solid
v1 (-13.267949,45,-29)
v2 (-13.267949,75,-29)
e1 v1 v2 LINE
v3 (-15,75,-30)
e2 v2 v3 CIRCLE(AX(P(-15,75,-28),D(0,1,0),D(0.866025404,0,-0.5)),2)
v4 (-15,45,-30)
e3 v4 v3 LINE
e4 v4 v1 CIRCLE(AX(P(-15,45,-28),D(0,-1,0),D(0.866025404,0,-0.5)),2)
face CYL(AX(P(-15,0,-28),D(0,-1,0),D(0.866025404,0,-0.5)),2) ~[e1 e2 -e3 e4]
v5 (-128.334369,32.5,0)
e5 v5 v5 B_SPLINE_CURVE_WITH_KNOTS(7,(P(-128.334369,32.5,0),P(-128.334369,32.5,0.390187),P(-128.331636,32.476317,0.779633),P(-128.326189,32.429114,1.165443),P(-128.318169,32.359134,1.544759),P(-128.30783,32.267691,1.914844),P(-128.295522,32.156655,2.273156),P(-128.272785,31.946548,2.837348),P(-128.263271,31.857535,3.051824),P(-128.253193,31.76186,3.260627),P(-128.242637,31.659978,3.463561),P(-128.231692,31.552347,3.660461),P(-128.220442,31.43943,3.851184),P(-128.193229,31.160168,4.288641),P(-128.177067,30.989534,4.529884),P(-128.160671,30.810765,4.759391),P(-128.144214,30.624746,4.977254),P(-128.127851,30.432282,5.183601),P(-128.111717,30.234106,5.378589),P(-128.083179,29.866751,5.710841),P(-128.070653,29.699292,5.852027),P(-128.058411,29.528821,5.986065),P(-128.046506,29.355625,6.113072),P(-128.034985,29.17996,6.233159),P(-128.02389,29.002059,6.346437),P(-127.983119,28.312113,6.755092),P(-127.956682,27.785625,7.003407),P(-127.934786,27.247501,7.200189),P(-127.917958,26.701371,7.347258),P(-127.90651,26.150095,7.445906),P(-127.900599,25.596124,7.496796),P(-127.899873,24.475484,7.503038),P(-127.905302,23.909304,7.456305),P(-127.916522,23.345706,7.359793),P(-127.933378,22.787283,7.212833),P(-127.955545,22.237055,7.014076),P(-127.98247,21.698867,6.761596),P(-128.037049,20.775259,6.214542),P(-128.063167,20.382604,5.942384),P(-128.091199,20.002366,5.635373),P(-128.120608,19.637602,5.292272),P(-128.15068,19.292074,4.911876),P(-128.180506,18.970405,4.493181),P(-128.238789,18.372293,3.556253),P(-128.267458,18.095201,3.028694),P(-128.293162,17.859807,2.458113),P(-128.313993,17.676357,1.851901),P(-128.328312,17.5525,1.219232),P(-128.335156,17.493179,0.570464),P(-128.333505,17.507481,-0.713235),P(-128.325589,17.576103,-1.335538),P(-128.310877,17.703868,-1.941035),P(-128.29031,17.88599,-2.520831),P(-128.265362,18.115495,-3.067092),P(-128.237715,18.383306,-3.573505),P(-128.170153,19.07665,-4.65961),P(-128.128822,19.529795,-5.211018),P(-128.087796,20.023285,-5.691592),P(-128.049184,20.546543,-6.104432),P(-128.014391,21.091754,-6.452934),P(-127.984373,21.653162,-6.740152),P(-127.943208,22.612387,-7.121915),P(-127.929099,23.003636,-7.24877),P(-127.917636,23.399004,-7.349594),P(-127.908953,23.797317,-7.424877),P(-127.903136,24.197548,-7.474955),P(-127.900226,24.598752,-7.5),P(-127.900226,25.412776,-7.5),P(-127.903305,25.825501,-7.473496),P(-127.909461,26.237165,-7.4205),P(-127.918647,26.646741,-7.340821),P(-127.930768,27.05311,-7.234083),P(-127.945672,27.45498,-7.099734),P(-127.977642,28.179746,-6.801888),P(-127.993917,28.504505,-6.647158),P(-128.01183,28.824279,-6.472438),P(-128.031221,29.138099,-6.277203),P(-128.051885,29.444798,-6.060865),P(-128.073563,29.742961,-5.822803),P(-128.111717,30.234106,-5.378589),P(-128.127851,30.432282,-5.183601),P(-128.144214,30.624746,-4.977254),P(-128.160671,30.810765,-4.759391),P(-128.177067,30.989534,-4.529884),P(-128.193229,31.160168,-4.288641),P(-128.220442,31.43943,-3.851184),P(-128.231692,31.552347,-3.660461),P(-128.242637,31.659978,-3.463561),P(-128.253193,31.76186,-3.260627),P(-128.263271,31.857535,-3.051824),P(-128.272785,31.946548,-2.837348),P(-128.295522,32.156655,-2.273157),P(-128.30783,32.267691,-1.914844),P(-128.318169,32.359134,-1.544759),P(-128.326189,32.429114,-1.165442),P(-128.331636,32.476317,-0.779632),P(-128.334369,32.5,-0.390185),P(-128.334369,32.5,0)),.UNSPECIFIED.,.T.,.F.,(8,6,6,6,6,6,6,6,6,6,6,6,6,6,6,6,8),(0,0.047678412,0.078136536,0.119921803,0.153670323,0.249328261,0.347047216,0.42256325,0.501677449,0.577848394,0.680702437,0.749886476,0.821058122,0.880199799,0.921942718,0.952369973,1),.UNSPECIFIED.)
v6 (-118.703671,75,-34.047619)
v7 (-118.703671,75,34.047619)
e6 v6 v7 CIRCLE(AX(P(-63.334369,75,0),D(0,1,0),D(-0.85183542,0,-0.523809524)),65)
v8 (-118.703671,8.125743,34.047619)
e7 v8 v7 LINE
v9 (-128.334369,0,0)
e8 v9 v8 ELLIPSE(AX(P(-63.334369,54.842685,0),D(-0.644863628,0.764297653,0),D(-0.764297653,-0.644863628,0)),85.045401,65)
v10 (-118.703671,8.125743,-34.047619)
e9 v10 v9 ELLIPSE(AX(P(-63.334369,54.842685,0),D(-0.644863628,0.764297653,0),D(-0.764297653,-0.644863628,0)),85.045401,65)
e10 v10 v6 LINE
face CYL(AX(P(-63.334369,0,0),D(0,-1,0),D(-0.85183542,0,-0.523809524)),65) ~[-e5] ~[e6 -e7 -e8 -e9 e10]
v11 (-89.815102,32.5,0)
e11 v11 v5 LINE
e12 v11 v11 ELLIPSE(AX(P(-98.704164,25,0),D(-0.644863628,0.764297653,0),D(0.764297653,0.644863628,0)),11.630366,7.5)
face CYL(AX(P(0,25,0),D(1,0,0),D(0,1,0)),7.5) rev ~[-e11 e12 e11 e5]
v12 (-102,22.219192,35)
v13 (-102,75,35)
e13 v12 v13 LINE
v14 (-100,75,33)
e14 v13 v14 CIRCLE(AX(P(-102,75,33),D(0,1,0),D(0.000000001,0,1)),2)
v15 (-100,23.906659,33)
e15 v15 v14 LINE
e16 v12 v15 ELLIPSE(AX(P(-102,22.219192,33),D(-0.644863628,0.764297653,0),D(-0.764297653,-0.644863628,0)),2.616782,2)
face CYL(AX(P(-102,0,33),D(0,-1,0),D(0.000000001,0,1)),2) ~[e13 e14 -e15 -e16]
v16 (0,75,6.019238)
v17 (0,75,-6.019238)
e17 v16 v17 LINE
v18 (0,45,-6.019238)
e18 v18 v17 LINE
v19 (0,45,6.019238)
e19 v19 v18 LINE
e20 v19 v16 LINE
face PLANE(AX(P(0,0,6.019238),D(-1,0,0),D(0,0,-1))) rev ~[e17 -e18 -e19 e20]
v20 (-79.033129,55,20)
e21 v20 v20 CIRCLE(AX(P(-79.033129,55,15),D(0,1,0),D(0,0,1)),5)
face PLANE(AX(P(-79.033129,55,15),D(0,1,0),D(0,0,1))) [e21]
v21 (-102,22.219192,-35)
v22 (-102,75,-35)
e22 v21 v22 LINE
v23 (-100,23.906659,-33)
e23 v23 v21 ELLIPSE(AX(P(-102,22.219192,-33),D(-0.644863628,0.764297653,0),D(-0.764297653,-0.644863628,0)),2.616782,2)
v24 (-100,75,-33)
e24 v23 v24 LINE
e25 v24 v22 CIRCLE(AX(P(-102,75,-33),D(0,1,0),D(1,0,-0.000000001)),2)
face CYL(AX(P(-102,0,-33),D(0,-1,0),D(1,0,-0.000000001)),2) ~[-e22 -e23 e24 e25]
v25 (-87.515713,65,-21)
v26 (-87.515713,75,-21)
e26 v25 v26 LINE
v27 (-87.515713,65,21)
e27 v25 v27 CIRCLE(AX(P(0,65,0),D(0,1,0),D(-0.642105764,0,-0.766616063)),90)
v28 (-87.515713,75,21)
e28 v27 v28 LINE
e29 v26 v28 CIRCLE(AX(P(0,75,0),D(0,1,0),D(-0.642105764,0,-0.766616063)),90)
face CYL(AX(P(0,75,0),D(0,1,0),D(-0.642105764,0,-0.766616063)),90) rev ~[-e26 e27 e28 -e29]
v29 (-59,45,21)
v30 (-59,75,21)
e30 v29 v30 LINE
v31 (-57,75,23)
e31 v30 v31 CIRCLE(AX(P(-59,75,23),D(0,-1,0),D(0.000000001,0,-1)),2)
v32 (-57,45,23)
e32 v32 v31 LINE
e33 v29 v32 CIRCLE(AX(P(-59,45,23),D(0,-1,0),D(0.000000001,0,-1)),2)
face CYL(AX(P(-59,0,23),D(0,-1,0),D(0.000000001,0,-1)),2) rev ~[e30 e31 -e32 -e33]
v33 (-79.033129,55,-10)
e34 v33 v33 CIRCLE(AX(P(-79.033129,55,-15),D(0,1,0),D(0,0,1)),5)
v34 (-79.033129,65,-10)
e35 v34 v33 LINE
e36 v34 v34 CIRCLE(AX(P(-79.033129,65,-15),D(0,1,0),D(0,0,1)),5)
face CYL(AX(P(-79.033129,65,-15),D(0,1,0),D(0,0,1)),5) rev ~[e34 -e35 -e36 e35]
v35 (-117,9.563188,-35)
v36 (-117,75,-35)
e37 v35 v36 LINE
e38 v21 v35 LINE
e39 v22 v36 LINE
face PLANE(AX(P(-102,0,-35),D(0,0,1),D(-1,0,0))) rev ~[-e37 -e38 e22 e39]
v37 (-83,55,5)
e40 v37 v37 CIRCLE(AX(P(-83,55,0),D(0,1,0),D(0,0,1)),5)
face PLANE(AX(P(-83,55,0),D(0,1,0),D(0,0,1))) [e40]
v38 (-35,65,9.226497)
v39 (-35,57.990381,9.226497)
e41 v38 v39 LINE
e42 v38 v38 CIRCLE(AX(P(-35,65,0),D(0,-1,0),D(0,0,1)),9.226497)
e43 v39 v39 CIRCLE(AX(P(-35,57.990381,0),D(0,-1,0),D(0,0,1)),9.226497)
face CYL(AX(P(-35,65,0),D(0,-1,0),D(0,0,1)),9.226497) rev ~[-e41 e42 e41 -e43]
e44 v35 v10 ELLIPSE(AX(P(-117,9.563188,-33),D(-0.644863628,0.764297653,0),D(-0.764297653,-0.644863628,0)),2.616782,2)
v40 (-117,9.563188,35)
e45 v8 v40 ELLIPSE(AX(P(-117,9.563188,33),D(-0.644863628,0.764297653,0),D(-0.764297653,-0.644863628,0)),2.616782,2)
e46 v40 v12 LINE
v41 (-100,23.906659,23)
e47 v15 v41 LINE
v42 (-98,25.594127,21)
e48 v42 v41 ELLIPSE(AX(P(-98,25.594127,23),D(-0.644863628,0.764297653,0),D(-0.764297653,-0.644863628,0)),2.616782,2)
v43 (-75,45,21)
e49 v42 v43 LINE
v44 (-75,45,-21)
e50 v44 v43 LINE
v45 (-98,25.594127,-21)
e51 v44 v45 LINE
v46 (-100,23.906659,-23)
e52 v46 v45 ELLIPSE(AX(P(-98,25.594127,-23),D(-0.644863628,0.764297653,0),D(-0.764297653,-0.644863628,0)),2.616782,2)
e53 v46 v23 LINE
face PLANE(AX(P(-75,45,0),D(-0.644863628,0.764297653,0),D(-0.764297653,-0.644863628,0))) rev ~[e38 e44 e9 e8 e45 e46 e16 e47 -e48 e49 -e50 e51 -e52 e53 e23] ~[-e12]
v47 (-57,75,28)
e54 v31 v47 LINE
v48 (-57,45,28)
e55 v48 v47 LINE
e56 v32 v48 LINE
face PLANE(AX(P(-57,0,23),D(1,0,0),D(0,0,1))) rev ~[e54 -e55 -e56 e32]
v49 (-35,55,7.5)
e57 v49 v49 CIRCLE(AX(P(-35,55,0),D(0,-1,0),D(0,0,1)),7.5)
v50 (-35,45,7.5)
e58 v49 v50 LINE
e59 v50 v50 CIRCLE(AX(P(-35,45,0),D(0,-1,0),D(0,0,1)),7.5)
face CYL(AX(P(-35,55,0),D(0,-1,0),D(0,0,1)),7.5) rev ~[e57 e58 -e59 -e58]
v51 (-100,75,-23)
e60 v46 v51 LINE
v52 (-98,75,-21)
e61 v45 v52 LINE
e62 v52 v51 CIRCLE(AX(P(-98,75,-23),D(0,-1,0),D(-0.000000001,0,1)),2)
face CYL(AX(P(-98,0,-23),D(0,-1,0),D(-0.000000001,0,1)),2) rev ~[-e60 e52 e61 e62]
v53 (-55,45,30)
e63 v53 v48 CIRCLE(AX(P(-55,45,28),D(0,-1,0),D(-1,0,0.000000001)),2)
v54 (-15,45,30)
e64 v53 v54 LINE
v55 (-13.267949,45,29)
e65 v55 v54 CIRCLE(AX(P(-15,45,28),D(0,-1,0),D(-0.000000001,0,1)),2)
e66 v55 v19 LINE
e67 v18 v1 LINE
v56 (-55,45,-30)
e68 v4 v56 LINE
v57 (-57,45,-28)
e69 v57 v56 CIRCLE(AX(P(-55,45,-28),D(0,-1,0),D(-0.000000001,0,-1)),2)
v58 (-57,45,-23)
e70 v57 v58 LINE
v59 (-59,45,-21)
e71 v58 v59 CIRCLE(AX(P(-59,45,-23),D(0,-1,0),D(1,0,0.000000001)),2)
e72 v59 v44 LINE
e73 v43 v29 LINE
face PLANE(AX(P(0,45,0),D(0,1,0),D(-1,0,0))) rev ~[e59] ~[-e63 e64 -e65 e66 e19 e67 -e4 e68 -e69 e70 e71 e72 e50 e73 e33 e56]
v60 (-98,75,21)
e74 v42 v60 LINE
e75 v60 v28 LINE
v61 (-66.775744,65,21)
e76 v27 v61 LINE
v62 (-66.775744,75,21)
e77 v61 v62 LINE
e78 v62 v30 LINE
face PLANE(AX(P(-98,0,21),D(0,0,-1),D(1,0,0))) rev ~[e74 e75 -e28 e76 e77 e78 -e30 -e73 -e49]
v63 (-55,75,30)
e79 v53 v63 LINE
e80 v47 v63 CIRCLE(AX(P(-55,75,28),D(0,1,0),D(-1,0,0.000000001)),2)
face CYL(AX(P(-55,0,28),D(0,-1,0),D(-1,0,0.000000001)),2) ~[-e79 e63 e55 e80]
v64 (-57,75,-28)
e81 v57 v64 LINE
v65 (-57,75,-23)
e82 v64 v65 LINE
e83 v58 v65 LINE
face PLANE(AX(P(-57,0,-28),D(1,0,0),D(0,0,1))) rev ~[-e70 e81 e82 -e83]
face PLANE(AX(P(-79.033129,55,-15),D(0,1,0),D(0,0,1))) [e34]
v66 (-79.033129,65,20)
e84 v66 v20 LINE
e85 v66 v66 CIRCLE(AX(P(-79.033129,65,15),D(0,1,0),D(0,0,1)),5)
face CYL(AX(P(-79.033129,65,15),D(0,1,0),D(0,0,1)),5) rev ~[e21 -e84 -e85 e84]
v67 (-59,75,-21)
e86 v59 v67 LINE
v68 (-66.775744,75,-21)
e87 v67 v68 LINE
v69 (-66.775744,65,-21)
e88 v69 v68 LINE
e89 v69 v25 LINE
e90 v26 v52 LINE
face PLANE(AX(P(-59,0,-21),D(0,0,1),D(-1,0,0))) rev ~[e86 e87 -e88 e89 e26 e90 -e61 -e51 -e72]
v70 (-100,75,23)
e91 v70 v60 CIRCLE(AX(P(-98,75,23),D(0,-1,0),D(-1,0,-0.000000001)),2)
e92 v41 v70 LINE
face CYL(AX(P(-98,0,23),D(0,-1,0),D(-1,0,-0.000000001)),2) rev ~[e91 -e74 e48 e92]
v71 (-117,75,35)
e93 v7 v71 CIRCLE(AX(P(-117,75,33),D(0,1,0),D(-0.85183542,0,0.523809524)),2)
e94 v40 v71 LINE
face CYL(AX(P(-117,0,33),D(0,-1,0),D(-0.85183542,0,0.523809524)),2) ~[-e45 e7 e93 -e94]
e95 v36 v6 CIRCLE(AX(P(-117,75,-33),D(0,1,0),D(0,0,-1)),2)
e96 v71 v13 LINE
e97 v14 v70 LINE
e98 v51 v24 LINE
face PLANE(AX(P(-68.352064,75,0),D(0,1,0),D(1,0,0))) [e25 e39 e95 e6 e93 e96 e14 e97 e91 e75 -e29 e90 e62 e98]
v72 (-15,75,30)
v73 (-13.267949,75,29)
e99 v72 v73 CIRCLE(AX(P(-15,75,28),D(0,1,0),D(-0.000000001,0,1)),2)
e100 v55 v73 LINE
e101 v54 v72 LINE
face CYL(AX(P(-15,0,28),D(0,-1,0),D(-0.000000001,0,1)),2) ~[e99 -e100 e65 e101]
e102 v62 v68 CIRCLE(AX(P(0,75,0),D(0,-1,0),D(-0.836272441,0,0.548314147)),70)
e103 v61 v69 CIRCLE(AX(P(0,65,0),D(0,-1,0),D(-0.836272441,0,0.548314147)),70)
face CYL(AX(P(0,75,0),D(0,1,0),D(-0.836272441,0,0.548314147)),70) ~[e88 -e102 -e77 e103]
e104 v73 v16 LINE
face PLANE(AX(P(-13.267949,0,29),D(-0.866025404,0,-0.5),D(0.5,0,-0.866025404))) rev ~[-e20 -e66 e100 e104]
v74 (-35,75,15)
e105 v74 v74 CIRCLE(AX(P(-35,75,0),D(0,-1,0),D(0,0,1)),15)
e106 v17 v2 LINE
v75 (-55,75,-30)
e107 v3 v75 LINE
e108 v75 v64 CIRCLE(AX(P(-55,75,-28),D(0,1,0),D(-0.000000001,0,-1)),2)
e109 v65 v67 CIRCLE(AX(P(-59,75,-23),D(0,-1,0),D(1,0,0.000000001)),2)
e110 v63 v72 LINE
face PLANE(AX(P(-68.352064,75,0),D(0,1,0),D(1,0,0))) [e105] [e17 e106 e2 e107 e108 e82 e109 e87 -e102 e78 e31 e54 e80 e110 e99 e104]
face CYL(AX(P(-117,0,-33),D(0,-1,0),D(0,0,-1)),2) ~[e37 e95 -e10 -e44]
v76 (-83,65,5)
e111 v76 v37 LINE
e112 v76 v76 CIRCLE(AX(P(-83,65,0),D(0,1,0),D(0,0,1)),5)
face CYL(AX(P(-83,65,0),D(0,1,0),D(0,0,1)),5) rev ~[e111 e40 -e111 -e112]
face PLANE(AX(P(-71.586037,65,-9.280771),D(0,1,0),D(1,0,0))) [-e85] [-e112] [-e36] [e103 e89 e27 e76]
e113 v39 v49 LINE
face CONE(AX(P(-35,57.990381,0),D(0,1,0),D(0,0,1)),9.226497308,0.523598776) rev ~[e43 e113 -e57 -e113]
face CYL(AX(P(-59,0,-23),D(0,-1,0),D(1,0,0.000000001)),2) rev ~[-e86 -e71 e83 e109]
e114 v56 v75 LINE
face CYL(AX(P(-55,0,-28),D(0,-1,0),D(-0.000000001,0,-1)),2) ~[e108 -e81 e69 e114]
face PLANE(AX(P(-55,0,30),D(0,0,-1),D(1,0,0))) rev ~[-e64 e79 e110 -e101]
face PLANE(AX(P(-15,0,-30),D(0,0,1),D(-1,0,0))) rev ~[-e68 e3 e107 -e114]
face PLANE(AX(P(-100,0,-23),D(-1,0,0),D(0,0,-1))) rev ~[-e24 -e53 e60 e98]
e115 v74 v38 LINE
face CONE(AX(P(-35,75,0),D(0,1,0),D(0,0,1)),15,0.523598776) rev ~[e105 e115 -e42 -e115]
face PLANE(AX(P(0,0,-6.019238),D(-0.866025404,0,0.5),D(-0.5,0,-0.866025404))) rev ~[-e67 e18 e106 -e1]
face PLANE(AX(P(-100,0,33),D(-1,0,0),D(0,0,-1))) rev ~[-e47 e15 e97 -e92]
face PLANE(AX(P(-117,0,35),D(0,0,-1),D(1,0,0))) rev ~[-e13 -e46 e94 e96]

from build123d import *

# Parameters (mm, degrees)
BOSS_EXTRUDE2_DEPTH = 75
CUT_EXTRUDE1_DEPTH  = 50
CUT_EXTRUDE2_DEPTH  = 10
SKETCH7_R           = 5
CUT_EXTRUDE3_DEPTH  = 10
SKETCH8_R           = 7.5
CUT_EXTRUDE4_DEPTH  = 153.707924315


with BuildPart() as part:
    # Sketch3 → Boss-Extrude2 (new body)
    with BuildSketch(Plane(origin=(0, 0, 0), x_dir=(1, 0, 0), z_dir=(0, 1, 0))):
        with BuildLine():
            Line((0, -6.019237886), (0, 6.019237886))
            Line((0, 6.019237886), (-13.267949192, 29))
            ThreePointArc((-13.267949192, 29), (-14, 29.732050808), (-15, 30))
            Line((-15, 30), (-55, 30))
            ThreePointArc((-55, 30), (-56.414213562, 29.414213562), (-57, 28))
            Line((-57, 28), (-57, 23))
            ThreePointArc((-57, 23), (-57.585786438, 21.585786438), (-59, 21))
            Line((-59, 21), (-98, 21))
            ThreePointArc((-98, 21), (-99.414213562, 21.585786438), (-100, 23))
            Line((-100, 23), (-100, 33))
            ThreePointArc((-100, 33), (-100.585786438, 34.414213562), (-102, 35))
            Line((-102, 35), (-117, 35))
            ThreePointArc((-117, 35), (-117.975900073, 34.745743122), (-118.70367084, 34.047619048))
            ThreePointArc((-118.70367084, 34.047619048), (-128.33436854, 0), (-118.70367084, -34.047619048))
            ThreePointArc((-118.70367084, -34.047619048), (-117.975900073, -34.745743122), (-117, -35))
            Line((-117, -35), (-102, -35))
            ThreePointArc((-102, -35), (-100.585786438, -34.414213562), (-100, -33))
            Line((-100, -33), (-100, -23))
            ThreePointArc((-100, -23), (-99.414213562, -21.585786438), (-98, -21))
            Line((-98, -21), (-59, -21))
            ThreePointArc((-59, -21), (-57.585786438, -21.585786438), (-57, -23))
            Line((-57, -23), (-57, -28))
            ThreePointArc((-57, -28), (-56.414213562, -29.414213562), (-55, -30))
            Line((-55, -30), (-15, -30))
            ThreePointArc((-15, -30), (-14, -29.732050808), (-13.267949192, -29))
            Line((-13.267949192, -29), (0, -6.019237886))
        make_face()
    extrude(amount=BOSS_EXTRUDE2_DEPTH)

    # Sketch4 → Cut-Extrude1 (cut, symmetric)
    with BuildSketch(Plane.XY):
        Polygon((0, 45), (-75, 45), (-128.33436854, 0), (0, 0), align=None)
    extrude(amount=CUT_EXTRUDE1_DEPTH, both=True, mode=Mode.SUBTRACT)

    # Sketch5 → Cut-Revolve1 (revolve, cut)
    with BuildSketch(Plane.XY, mode=Mode.PRIVATE) as cut_revolve1_sk:
        Polygon((-35, 75), (-50, 75), (-44.226497308, 65), (-44.226497308, 57.990381057), (-42.5, 55), (-42.5, 45), (-35, 45), align=None)
    revolve(cut_revolve1_sk.sketch.rotate(Axis((-35, 75, 0), (0, -1, 0)), 270), axis=Axis((-35, 75, 0), (0, -1, 0)), mode=Mode.SUBTRACT)

    # Sketch6 → Cut-Extrude2 (cut)
    with BuildSketch(Plane(origin=(0, 75, 0), x_dir=(1, 0, 0), z_dir=(0, 1, 0))):
        with BuildLine():
            Line((-55.908593, 42.121600501), (-57.789518761, 68.995445657))
            ThreePointArc((-57.789518761, 68.995445657), (-88.91346012, 13.942618456), (-76.134860141, -47.994615024))
            Line((-76.134860141, -47.994615024), (-58.539070897, -38.381990289))
            ThreePointArc((-58.539070897, -38.381990289), (-69.962661294, 2.286050005), (-55.908593, 42.121600501))
        make_face()
    extrude(amount=-CUT_EXTRUDE2_DEPTH, mode=Mode.SUBTRACT)

    # Sketch7 → Cut-Extrude3 (cut)
    with BuildSketch(Plane(origin=(0, 65, 0), x_dir=(1, 0, 0), z_dir=(0, 1, 0))):
        with Locations(Location((-79.033128747, 15, 0), (0, 0, 270))):
            Circle(SKETCH7_R)
        with Locations(Location((-83, 0, 0), (0, 0, 270))):
            Circle(SKETCH7_R)
        with Locations(Location((-79.033128747, -15, 0), (0, 0, 270))):
            Circle(SKETCH7_R)
    extrude(amount=-CUT_EXTRUDE3_DEPTH, mode=Mode.SUBTRACT)

    # Sketch8 → Cut-Extrude4 (cut, through all)
    with BuildSketch(Plane(origin=(0, 0, 0), x_dir=(0, 0, -1), z_dir=(1, 0, 0))):
        with Locations(Location((0, 25, 0), (0, 0, 90))):
            Circle(SKETCH8_R)
    extrude(amount=-CUT_EXTRUDE4_DEPTH, mode=Mode.SUBTRACT)


solid = part.part
